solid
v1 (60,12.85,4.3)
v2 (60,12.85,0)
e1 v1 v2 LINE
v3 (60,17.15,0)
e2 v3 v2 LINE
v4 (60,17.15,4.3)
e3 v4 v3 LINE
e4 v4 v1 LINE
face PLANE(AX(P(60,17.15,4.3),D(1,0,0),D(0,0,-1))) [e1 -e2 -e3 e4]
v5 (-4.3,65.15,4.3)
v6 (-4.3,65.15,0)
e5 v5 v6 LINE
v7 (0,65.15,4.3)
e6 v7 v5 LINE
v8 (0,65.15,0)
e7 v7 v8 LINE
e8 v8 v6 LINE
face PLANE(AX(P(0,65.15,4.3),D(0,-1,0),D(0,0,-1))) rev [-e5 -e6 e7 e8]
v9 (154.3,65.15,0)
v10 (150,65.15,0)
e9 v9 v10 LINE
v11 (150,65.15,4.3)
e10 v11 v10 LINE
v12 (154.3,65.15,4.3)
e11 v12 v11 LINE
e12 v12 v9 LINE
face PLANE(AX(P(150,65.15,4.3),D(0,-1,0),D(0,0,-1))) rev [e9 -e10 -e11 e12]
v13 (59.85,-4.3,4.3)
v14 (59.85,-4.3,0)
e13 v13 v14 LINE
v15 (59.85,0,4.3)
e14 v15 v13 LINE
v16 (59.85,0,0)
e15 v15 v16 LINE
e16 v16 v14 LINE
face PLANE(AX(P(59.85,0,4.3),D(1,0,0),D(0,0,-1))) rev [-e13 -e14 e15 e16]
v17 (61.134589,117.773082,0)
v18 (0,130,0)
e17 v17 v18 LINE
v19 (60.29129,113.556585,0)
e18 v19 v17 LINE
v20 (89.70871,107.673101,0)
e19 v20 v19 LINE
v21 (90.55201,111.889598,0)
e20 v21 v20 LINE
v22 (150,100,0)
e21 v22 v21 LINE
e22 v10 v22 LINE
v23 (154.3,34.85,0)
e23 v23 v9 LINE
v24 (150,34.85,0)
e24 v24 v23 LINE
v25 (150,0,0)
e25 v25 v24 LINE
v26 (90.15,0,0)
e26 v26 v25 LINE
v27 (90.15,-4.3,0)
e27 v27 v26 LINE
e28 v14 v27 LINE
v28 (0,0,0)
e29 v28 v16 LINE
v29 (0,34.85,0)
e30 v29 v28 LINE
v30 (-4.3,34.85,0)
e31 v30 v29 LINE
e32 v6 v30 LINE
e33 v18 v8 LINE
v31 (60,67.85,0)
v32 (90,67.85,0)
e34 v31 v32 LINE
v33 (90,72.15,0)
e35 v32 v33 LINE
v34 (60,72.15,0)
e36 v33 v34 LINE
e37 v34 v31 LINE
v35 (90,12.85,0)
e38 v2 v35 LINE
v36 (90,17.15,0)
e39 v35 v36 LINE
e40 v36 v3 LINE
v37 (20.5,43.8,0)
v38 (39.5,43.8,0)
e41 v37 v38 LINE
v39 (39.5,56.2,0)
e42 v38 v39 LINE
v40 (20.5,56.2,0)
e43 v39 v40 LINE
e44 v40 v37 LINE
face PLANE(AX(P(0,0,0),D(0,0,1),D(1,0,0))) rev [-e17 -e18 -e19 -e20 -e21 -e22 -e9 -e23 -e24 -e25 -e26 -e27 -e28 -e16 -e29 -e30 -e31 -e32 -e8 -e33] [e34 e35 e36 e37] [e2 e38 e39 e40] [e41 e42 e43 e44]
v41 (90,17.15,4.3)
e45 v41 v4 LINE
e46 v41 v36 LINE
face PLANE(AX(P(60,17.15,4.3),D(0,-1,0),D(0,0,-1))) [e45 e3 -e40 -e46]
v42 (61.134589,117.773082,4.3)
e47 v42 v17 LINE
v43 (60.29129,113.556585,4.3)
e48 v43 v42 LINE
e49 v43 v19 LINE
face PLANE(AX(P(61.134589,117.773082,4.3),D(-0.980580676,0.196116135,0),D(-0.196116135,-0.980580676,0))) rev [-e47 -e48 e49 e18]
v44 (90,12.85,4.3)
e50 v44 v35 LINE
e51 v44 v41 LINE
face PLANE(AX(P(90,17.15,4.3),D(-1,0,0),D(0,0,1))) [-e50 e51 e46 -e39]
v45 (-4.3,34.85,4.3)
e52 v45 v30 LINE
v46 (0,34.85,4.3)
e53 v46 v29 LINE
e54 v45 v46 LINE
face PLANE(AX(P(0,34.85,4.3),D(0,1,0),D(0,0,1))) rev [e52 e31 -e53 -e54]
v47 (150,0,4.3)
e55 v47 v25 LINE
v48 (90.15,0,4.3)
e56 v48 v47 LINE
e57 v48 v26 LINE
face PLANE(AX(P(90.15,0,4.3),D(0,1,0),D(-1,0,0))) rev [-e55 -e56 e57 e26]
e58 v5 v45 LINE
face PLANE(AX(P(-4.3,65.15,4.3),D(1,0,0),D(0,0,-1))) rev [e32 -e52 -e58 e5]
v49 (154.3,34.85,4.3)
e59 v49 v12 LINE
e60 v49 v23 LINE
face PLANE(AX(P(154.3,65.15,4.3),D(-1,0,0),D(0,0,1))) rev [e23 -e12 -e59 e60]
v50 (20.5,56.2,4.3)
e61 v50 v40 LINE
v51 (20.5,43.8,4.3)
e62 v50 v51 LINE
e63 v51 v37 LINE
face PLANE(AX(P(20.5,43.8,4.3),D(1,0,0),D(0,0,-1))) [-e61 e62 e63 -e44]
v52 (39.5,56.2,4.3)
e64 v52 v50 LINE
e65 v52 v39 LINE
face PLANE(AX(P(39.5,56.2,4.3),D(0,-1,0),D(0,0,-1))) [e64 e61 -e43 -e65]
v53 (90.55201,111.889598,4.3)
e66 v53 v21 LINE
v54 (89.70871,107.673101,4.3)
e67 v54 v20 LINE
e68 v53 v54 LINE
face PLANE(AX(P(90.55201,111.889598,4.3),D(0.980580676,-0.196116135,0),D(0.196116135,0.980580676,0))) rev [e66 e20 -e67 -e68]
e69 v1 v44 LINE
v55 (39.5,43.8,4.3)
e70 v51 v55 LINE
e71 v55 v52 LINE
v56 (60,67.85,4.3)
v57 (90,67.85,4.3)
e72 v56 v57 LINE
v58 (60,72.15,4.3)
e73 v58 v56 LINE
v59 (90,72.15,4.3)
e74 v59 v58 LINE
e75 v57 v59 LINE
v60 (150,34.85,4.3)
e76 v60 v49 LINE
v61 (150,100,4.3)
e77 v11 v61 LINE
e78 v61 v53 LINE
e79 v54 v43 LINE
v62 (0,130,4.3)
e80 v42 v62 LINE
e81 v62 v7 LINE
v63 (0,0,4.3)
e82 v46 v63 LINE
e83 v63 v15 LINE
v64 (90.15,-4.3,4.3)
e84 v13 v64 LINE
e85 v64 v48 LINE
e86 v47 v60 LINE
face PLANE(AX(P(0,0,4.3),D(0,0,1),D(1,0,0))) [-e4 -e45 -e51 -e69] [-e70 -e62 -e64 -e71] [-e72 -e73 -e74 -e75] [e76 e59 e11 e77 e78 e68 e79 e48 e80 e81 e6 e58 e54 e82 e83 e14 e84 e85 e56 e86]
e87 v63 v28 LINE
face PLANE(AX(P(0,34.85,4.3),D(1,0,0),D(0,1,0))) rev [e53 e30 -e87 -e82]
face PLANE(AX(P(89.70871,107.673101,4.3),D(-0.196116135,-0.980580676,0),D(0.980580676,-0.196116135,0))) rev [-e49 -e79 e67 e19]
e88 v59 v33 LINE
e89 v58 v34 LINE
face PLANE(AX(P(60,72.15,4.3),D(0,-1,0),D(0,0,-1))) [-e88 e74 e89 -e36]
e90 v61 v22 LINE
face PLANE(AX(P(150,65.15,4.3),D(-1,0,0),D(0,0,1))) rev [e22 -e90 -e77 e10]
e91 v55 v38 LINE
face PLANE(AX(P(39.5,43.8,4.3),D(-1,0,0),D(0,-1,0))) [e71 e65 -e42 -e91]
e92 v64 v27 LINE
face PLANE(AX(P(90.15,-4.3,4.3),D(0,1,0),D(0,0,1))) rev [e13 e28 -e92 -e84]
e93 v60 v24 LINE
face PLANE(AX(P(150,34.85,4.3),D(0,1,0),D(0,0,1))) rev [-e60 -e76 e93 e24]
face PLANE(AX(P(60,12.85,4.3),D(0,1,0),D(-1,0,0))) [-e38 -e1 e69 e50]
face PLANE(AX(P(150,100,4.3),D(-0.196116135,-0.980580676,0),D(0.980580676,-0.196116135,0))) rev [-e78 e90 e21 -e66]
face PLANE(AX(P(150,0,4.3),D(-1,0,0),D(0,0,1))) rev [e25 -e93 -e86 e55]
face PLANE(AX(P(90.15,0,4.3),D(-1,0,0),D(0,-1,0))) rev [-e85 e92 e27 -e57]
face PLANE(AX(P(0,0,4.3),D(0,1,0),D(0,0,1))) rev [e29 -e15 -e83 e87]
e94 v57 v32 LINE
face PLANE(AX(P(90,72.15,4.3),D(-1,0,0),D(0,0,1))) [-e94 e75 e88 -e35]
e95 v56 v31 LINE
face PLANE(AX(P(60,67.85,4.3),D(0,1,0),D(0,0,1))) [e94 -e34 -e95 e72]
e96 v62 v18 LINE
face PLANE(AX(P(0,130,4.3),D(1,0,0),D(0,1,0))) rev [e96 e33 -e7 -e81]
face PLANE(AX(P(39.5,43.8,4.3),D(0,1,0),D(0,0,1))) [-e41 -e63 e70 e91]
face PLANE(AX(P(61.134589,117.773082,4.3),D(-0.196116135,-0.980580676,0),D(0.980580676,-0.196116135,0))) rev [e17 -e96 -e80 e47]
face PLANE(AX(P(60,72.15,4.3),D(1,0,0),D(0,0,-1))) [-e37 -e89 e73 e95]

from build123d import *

# Parameters (mm, degrees)
SKETCH1_W           = 30
SKETCH1_H           = 4.3
SKETCH1_W_2         = 19
SKETCH1_H_2         = 12.4
BOSS_EXTRUDE1_DEPTH = 4.3


with BuildPart() as part:
    # Sketch1 → Boss-Extrude1 (new body)
    with BuildSketch(Plane.XY):
        Polygon((0, 130), (0, 65.15), (-4.3, 65.15), (-4.3, 34.85), (0, 34.85), (0, 0), (59.85, 0), (59.85, -4.3), (90.15, -4.3), (90.15, 0), (150, 0), (150, 34.85), (154.3, 34.85), (154.3, 65.15), (150, 65.15), (150, 100), (90.552009516, 111.889598097), (89.708710135, 107.673101191), (60.291289865, 113.556585245), (61.134589246, 117.773082151), align=None)
        with Locations((75, 15)):
            Rectangle(SKETCH1_W, SKETCH1_H, mode=Mode.SUBTRACT)
        with Locations((75, 70)):
            Rectangle(SKETCH1_W, SKETCH1_H, mode=Mode.SUBTRACT)
        with Locations((30, 50)):
            Rectangle(SKETCH1_W_2, SKETCH1_H_2, mode=Mode.SUBTRACT)
    extrude(amount=BOSS_EXTRUDE1_DEPTH)


solid = part.part
